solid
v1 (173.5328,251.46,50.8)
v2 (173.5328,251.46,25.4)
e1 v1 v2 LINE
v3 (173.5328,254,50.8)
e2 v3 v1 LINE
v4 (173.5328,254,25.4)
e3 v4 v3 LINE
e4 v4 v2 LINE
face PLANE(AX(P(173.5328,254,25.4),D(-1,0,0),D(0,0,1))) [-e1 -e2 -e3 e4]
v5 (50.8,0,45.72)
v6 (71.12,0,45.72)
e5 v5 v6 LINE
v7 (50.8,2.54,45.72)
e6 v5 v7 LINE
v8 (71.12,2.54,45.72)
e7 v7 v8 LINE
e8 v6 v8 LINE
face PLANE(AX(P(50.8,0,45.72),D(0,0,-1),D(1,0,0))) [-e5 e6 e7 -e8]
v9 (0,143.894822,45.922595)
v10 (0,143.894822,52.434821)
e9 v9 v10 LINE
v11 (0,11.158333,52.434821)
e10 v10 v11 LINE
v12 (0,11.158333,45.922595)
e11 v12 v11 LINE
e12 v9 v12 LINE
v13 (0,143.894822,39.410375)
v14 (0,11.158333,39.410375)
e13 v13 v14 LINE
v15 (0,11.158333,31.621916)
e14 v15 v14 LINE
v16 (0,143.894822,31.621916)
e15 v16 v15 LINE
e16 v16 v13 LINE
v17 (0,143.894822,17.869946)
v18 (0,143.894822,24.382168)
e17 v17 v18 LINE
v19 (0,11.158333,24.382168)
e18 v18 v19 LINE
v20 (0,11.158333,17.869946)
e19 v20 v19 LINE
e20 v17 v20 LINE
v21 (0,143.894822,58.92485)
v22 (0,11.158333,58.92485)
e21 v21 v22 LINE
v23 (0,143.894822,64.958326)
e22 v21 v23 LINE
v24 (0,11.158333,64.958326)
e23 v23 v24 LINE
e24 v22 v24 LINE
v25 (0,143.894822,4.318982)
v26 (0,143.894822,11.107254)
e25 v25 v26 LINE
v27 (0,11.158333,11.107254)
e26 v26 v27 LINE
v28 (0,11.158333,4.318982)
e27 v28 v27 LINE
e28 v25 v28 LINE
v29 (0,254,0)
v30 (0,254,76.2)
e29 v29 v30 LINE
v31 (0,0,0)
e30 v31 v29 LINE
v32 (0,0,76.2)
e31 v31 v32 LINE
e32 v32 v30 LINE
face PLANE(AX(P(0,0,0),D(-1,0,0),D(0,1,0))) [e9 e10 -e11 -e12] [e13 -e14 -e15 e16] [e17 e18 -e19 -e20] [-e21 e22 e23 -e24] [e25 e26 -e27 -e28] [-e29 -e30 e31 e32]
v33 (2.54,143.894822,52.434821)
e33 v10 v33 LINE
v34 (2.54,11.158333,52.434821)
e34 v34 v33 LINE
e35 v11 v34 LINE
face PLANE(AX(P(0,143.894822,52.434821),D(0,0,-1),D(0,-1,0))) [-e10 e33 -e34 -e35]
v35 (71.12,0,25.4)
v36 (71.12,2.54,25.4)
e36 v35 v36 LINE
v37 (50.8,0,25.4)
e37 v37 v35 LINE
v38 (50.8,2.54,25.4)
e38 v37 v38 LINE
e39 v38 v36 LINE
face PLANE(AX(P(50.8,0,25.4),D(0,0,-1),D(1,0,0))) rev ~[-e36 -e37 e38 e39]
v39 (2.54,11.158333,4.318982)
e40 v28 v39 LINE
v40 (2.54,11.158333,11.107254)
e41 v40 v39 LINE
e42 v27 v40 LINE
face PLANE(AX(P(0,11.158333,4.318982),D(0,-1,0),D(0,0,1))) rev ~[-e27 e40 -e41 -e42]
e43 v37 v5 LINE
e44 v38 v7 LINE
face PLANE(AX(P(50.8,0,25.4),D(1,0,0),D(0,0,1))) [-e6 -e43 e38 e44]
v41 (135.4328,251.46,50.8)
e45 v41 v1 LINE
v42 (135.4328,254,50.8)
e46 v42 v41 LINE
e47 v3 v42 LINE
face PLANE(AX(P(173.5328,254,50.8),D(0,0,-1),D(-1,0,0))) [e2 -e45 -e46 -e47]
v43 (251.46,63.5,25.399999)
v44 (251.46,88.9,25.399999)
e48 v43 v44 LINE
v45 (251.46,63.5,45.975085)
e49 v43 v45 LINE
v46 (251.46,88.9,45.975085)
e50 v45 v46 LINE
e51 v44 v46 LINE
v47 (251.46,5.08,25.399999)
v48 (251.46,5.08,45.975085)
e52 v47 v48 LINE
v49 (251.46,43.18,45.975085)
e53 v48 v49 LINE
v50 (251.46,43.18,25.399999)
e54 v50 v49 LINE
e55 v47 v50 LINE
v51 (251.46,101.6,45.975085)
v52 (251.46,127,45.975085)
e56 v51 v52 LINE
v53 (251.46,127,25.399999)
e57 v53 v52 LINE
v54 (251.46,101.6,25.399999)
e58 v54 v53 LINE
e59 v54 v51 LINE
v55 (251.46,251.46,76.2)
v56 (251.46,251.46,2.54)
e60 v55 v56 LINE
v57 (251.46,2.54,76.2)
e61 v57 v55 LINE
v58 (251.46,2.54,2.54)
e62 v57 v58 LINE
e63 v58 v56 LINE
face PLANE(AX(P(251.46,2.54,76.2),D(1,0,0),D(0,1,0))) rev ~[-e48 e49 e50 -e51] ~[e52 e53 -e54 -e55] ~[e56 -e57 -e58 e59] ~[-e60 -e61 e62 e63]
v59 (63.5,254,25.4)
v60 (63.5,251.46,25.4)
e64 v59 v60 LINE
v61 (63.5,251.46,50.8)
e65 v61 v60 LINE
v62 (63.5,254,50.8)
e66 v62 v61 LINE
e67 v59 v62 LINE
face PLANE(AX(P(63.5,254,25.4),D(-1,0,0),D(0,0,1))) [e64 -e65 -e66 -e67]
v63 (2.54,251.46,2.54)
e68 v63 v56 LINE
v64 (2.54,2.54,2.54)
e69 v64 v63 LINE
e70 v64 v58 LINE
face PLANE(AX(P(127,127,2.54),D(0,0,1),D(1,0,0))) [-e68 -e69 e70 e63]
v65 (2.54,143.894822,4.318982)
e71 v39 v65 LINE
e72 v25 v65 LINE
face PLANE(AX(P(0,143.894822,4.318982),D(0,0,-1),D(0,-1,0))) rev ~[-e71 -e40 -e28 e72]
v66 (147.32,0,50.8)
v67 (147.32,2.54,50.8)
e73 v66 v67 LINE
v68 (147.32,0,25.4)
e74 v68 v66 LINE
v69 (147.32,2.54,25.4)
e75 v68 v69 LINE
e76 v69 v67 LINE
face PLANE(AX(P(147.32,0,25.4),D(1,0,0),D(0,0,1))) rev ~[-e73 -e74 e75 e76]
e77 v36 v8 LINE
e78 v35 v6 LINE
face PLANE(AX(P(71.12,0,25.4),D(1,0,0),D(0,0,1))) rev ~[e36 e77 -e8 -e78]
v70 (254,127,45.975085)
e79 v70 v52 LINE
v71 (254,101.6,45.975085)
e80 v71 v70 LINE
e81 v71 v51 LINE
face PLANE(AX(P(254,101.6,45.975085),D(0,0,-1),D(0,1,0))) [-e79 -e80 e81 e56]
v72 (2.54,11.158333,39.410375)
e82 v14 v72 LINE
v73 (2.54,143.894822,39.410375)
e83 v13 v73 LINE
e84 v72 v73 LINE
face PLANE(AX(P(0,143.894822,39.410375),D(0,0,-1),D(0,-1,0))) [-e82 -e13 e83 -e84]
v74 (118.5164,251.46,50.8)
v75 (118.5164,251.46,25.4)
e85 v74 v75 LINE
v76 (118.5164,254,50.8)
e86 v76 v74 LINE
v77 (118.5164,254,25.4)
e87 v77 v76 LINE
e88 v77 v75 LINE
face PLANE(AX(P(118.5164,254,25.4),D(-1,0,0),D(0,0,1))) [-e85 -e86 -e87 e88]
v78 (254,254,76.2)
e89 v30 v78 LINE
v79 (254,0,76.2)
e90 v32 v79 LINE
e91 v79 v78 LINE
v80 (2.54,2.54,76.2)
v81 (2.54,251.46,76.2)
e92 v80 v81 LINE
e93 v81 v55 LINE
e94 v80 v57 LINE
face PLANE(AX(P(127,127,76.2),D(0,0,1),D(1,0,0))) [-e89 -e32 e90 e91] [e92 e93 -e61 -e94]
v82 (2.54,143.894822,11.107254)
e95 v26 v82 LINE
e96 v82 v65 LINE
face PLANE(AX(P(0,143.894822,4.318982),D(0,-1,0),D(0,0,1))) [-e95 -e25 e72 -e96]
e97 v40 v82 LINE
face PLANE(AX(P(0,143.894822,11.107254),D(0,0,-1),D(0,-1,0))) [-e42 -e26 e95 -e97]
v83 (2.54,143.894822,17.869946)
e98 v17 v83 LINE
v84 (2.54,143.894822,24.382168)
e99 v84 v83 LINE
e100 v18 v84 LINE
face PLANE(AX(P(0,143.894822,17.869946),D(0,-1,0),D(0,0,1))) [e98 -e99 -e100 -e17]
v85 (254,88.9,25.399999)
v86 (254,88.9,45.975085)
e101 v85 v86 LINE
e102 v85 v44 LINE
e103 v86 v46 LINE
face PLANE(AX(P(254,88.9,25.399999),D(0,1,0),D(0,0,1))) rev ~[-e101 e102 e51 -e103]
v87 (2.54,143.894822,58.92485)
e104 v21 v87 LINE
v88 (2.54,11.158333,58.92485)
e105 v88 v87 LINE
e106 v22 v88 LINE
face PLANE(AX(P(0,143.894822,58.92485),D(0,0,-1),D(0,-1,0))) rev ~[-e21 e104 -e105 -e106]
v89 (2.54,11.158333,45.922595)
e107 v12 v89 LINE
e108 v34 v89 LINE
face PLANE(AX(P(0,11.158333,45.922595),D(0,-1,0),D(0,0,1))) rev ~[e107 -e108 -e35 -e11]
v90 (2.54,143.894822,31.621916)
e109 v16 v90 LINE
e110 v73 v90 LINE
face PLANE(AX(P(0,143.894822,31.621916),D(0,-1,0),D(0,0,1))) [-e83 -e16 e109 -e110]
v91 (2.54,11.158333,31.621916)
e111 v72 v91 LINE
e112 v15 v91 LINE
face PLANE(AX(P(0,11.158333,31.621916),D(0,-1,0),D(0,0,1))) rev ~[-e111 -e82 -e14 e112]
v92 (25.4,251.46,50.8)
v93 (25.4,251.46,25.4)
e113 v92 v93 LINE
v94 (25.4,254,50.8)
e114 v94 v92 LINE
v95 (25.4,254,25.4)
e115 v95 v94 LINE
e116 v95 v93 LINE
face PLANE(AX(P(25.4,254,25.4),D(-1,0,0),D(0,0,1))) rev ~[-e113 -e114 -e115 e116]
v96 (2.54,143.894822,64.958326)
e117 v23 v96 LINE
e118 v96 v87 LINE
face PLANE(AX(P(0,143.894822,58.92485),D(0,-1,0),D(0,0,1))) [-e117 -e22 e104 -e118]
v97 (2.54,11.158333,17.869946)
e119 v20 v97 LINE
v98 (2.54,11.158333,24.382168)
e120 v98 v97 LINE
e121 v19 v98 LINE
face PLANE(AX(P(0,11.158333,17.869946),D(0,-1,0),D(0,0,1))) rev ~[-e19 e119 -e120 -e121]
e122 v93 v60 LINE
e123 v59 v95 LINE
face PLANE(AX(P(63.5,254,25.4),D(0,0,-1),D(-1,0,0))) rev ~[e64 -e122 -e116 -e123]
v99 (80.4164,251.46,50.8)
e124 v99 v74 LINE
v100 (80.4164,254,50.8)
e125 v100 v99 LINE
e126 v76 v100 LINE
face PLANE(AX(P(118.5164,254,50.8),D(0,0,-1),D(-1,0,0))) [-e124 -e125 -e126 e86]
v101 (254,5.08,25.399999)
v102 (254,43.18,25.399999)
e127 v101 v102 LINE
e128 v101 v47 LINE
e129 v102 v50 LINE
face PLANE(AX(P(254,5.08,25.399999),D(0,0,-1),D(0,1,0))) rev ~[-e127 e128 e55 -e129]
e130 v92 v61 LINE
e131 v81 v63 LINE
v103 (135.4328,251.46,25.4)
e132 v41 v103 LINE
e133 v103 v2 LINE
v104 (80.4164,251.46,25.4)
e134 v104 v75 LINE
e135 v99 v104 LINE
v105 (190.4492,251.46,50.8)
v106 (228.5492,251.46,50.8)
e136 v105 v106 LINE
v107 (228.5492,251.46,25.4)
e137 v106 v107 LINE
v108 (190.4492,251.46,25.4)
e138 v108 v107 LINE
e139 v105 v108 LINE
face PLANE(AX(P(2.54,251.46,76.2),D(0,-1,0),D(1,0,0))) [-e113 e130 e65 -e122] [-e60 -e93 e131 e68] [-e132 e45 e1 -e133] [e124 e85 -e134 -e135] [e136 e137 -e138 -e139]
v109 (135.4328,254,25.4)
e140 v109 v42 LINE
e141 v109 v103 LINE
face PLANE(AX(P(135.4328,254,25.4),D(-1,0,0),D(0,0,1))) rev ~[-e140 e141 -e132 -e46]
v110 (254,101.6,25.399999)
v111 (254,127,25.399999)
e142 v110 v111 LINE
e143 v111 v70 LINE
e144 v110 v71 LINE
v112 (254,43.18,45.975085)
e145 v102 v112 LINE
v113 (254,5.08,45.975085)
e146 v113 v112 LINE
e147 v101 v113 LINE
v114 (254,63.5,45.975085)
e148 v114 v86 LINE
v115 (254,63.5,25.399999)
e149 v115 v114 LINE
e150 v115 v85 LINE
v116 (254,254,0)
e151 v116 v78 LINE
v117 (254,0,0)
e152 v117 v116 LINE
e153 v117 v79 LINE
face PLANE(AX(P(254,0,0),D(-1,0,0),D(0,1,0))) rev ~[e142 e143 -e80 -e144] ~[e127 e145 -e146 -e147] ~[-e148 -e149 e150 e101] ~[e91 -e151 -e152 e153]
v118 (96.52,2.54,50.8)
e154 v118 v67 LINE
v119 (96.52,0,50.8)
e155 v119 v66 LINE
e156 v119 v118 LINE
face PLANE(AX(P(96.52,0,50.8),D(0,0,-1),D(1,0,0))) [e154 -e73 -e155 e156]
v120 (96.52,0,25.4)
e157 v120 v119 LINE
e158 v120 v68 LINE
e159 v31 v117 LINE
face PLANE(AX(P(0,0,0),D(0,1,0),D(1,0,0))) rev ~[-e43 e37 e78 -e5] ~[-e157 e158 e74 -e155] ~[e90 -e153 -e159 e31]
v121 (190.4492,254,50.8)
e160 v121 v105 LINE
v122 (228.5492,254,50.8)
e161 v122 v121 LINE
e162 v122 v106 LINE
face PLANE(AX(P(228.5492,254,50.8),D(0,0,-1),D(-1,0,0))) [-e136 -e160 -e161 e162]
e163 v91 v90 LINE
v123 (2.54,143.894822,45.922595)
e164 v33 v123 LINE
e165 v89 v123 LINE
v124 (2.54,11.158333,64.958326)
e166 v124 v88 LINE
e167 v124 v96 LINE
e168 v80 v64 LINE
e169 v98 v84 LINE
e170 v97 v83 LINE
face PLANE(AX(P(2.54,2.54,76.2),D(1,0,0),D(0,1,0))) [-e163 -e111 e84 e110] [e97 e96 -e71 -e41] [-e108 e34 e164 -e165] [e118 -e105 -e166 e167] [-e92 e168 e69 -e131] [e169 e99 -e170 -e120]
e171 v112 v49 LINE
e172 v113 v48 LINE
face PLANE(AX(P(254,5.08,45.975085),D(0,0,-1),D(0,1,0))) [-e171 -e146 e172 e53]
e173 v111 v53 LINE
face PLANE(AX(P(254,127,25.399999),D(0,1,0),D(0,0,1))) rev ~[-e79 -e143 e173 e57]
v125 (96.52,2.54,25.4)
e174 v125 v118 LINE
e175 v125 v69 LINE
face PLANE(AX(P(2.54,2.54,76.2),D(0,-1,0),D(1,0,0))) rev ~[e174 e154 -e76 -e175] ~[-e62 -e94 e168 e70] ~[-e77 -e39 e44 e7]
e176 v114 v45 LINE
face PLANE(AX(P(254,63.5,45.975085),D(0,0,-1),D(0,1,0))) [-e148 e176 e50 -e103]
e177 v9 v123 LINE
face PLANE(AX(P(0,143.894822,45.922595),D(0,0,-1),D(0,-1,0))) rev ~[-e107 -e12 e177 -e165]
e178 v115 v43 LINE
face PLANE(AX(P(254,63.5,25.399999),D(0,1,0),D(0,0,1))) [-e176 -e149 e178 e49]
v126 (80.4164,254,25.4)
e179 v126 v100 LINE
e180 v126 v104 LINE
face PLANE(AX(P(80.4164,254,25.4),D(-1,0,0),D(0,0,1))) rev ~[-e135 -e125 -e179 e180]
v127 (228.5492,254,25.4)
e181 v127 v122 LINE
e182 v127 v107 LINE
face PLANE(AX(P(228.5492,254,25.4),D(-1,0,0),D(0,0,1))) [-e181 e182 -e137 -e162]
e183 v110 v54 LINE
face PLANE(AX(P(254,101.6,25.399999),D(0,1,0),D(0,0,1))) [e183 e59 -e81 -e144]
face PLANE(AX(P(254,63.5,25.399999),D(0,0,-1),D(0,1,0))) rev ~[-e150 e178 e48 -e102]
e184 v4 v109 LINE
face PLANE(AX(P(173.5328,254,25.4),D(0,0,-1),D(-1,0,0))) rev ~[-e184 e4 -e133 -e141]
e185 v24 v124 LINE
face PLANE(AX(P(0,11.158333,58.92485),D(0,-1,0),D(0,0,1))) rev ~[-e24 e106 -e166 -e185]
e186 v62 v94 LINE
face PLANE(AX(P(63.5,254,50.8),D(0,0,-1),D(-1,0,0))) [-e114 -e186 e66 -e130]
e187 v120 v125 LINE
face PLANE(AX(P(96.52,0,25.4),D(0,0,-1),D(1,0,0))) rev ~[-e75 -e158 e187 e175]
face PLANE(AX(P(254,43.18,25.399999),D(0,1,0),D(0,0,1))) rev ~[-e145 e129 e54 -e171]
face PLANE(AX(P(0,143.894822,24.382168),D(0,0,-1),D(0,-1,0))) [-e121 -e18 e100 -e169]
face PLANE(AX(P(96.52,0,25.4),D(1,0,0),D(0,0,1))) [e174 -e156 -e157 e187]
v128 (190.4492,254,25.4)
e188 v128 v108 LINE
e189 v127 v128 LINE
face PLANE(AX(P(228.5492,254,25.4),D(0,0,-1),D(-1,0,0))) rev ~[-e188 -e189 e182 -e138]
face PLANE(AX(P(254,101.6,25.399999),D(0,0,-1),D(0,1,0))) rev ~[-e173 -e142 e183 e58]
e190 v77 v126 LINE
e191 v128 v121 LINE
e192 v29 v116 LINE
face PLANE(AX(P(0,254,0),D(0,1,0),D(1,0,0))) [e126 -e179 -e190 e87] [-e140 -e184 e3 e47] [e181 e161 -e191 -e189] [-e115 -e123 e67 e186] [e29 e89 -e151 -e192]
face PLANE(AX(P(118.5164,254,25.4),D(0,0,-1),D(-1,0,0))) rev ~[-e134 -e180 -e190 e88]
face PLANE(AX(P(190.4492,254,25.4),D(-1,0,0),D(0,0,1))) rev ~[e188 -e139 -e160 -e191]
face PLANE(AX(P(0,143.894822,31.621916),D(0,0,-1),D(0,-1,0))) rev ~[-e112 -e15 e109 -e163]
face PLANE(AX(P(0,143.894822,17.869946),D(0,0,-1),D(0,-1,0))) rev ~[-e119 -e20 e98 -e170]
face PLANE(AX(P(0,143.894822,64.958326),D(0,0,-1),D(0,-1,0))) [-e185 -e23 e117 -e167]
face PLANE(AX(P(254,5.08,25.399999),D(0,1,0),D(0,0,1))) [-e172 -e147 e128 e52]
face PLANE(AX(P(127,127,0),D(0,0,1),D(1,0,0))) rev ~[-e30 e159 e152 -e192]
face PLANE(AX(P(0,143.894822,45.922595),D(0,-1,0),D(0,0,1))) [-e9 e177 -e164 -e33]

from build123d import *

# Parameters (mm, degrees)
F0_W      = 254
F0_H      = 254
F1_DEPTH  = 76.2
F2_W      = 248.92
F2_H      = 248.92
F3_DEPTH  = 73.66
F4_W      = 38.1
F4_H      = 25.4
F5_DEPTH  = 25.4
F6_W      = 38.1
F6_H      = 20.575085
F6_W_2    = 25.4
F7_DEPTH  = 25.4
F8_W      = 20.32
F8_H      = 20.32
F8_W_2    = 50.8
F8_H_2    = 25.4
F9_DEPTH  = 25.4
F10_W     = 132.736489
F10_H     = 6.033477
F10_H_2   = 6.512225
F10_H_3   = 7.788459
F10_H_4   = 6.512222
F10_H_5   = 6.788271
F11_DEPTH = 25.4


with BuildPart() as f1:
    # F0 (on Top) → F1 (new body)
    with BuildSketch(Plane.XY):
        with Locations((127, 127)):
            Rectangle(F0_W, F0_H)
    extrude(amount=F1_DEPTH)

    # F2 (on face) → F3 (cut)
    with BuildSketch(Plane.XY.offset(76.2)):
        with Locations((127, 127)):
            Rectangle(F2_W, F2_H)
    extrude(amount=-F3_DEPTH, mode=Mode.SUBTRACT)

    # F4 (on face) → F5 (cut)
    with BuildSketch(Plane(origin=(0, 254, 0), x_dir=(-1, 0, 0), z_dir=(0, 1, 0))):
        with Locations((-209.4992, 38.1)):
            Rectangle(F4_W, F4_H)
        with Locations((-154.4828, 38.1)):
            Rectangle(F4_W, F4_H)
        with Locations((-99.4664, 38.1)):
            Rectangle(F4_W, F4_H)
        with Locations((-44.45, 38.1)):
            Rectangle(F4_W, F4_H)
    extrude(amount=-F5_DEPTH, mode=Mode.SUBTRACT)

    # F6 (on face) → F7 (cut)
    with BuildSketch(Plane.YZ.offset(254)):
        with Locations((24.13, 35.687542)):
            Rectangle(F6_W, F6_H)
        with Locations((76.2, 35.687542)):
            Rectangle(F6_W_2, F6_H)
        with Locations((114.3, 35.687542)):
            Rectangle(F6_W_2, F6_H)
    extrude(amount=-F7_DEPTH, mode=Mode.SUBTRACT)

    # F8 (on face) → F9 (cut)
    with BuildSketch(Plane.XZ):
        with Locations((60.96, 35.56)):
            Rectangle(F8_W, F8_H)
        with Locations((121.92, 38.1)):
            Rectangle(F8_W_2, F8_H_2)
    extrude(amount=-F9_DEPTH, mode=Mode.SUBTRACT)

    # F10 (on face) → F11 (cut)
    with BuildSketch(Plane(origin=(0, 0, 0), x_dir=(0, -1, 0), z_dir=(-1, 0, 0))):
        with Locations((-77.526577, 61.941588)):
            Rectangle(F10_W, F10_H)
        with Locations((-77.526577, 49.178708)):
            Rectangle(F10_W, F10_H_2)
        with Locations((-77.526577, 35.516145)):
            Rectangle(F10_W, F10_H_3)
        with Locations((-77.526577, 21.126057)):
            Rectangle(F10_W, F10_H_4)
        with Locations((-77.526577, 7.713118)):
            Rectangle(F10_W, F10_H_5)
    extrude(amount=-F11_DEPTH, mode=Mode.SUBTRACT)


solid = f1.part
